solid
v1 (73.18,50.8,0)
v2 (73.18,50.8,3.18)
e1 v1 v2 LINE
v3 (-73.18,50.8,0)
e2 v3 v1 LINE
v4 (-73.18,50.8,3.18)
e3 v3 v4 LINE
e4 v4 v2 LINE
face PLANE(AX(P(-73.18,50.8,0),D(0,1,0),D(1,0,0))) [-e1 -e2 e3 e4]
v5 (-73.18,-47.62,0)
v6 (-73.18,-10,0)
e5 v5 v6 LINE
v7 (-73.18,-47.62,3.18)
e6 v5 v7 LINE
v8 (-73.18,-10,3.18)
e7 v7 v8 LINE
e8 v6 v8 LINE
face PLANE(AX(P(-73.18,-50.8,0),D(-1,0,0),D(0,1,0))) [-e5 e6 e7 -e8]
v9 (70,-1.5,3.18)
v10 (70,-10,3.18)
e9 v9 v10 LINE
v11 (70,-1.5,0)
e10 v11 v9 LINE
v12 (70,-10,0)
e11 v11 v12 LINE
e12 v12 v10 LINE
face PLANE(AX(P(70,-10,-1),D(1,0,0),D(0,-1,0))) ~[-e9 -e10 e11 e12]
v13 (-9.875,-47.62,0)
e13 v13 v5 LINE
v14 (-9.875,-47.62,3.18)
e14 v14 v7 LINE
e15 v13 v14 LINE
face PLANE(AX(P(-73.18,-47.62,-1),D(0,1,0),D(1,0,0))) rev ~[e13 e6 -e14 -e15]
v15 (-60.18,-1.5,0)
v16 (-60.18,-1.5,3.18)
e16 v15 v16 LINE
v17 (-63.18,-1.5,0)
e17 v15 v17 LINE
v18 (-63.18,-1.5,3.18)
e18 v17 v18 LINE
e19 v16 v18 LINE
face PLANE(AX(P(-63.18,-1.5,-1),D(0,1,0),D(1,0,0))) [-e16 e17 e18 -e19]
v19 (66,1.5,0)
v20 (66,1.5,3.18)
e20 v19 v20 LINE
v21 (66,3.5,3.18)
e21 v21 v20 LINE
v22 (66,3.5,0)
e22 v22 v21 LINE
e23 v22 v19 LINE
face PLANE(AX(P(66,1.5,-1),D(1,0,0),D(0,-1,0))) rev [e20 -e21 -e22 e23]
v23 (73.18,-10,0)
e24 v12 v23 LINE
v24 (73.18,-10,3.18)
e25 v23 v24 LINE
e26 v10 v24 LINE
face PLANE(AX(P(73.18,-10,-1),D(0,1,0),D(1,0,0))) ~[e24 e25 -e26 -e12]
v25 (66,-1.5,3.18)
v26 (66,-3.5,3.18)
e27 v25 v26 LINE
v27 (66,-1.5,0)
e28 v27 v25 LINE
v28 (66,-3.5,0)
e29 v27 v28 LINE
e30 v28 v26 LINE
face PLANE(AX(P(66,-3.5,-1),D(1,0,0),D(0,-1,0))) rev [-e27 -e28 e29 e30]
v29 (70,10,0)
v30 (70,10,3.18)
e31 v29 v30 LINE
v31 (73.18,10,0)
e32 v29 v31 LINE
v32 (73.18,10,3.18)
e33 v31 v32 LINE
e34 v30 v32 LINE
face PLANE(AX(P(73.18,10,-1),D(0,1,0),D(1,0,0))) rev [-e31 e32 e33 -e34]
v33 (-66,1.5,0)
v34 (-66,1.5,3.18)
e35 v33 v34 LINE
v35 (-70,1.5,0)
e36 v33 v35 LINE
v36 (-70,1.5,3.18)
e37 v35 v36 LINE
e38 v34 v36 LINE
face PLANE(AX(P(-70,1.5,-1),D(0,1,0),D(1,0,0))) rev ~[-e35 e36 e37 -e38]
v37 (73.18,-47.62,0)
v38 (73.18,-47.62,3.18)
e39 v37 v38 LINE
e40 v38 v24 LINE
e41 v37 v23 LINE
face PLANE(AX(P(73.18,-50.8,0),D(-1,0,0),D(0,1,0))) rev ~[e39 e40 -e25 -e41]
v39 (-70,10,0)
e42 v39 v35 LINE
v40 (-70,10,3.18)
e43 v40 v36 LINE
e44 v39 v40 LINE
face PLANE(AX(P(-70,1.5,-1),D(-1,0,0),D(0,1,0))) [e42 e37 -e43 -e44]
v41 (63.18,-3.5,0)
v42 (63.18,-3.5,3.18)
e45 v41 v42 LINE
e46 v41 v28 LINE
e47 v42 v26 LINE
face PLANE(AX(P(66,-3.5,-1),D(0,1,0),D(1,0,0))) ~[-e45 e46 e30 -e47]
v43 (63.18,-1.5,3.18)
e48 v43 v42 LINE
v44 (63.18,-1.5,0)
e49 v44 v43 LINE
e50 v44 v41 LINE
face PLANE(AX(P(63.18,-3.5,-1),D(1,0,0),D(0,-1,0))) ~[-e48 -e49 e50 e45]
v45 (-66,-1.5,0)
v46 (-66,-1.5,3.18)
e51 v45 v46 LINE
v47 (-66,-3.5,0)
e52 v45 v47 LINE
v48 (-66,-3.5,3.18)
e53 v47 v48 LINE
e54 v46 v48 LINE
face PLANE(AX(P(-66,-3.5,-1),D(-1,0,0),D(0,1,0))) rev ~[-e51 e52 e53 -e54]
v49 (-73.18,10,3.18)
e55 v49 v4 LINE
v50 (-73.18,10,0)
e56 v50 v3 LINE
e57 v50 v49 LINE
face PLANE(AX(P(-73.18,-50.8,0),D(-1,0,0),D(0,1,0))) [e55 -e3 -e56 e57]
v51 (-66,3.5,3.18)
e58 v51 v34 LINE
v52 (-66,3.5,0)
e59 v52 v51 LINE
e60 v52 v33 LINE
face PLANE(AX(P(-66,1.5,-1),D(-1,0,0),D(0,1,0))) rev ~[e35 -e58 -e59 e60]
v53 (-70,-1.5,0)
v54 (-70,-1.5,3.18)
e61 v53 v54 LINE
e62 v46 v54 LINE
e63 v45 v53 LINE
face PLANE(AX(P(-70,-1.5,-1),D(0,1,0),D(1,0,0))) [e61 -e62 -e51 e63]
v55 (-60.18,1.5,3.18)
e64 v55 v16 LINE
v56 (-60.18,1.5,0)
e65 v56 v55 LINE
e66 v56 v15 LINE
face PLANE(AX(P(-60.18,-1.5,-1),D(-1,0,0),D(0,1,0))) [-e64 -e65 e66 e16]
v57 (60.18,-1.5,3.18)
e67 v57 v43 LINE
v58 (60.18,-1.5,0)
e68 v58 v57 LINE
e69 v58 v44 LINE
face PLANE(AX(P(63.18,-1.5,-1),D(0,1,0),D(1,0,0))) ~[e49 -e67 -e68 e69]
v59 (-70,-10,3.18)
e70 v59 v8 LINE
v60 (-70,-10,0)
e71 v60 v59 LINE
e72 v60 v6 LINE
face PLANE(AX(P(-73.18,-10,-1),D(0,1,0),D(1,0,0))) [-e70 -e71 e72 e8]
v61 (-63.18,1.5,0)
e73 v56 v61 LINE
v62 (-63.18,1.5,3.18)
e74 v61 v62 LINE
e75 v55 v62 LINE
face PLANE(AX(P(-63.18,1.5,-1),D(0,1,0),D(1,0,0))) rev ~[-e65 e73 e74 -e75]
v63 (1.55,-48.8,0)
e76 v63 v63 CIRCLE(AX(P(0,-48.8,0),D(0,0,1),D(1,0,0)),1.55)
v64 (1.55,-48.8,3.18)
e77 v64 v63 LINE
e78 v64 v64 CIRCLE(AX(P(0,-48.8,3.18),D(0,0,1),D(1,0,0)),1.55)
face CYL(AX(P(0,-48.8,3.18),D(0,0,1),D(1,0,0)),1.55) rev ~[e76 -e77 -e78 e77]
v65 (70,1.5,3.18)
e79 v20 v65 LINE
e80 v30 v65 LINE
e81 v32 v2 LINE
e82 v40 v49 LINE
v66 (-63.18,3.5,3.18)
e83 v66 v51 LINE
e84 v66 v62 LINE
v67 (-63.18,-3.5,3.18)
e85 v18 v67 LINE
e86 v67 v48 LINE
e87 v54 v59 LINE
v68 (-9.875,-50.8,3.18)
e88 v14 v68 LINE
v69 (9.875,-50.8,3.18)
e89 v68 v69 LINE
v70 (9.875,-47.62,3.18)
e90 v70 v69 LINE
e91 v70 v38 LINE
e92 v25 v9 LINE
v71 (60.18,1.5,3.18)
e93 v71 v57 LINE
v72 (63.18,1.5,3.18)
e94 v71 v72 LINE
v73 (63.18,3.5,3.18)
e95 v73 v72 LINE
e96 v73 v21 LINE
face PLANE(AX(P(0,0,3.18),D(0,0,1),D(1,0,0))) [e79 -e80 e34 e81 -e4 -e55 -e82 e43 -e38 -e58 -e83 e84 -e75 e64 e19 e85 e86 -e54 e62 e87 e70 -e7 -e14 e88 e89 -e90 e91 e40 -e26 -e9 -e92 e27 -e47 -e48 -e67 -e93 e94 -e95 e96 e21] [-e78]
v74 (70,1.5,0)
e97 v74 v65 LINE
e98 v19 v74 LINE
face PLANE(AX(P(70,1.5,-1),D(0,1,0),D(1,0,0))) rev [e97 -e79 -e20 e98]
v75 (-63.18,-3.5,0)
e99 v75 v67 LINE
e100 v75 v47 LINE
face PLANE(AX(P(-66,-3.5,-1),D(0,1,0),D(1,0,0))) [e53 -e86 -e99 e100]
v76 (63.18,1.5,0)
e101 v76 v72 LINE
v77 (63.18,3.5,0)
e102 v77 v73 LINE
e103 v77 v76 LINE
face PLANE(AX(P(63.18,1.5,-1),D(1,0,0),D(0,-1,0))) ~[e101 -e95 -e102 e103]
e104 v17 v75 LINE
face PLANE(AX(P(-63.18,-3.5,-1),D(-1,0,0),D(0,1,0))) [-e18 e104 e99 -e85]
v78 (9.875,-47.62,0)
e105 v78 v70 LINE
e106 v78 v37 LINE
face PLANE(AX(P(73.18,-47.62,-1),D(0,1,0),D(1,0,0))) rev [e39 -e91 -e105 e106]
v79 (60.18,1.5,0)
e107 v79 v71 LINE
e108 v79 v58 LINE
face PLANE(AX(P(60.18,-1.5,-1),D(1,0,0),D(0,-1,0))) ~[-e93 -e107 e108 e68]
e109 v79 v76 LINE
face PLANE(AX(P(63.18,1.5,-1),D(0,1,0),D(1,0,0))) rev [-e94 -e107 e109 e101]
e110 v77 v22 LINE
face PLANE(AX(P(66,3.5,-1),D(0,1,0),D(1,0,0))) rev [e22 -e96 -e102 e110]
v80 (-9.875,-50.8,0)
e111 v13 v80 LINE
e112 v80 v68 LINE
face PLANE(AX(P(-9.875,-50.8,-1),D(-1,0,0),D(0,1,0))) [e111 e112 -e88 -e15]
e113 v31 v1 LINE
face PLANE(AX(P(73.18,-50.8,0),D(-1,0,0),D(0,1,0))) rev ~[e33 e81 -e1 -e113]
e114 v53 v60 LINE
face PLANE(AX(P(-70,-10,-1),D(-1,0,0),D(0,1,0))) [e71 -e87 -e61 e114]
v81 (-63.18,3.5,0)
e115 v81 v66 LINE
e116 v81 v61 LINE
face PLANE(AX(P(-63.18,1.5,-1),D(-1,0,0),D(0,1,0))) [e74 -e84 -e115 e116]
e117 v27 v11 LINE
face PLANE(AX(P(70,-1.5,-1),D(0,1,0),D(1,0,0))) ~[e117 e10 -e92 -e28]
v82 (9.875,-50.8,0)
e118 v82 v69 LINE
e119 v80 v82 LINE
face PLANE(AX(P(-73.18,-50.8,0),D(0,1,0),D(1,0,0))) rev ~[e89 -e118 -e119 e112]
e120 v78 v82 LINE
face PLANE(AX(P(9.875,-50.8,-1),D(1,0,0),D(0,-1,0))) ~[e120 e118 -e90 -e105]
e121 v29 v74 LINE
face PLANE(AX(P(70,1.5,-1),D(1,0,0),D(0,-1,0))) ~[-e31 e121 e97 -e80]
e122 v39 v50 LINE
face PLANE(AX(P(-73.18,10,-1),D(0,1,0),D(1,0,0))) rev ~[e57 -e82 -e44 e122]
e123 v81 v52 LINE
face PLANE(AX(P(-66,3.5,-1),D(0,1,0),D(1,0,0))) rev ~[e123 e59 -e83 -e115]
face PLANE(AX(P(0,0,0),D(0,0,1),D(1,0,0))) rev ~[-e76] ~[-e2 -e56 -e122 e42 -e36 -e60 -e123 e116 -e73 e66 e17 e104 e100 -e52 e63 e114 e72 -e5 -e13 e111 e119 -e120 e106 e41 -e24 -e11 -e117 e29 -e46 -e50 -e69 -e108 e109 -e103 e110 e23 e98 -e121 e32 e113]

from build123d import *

# Parameters (mm, degrees)
SKETCH1_W               = 146.36
SKETCH1_H               = 101.6
BOSS_EXTRUDE1_DEPTH     = 3.18
CUT_EXTRUDE1_START      = -4.18
SKETCH2_W               = 3.18
SKETCH2_H               = 20
SKETCH2_W_2             = 13
SKETCH2_H_2             = 3
SKETCH2_W_3             = 2.82
SKETCH2_H_3             = 7
CUT_EXTRUDE1_DEPTH      = 5.18
CUT_EXTRUDE2_START      = -4.18
SKETCH3_W               = 63.305
SKETCH3_H               = 3.18
CUT_EXTRUDE2_DEPTH      = 5.18
SKETCH4_R               = 1.55
CUT_EXTRUDE3_DEPTH      = 1
CUT_EXTRUDE3_DEPTH_BACK = 4.18


with BuildPart() as part:
    # Sketch1 → Boss-Extrude1 (new body)
    with BuildSketch(Plane.XY):
        Rectangle(SKETCH1_W, SKETCH1_H)
    extrude(amount=BOSS_EXTRUDE1_DEPTH)

    # Sketch2 → Cut-Extrude1 (cut)
    with BuildSketch(Plane.XY.offset(3.18).offset(CUT_EXTRUDE1_START)):
        with Locations((-71.59, 0)):
            Rectangle(SKETCH2_W, SKETCH2_H)
        with Locations((-66.68, 0)):
            Rectangle(SKETCH2_W_2, SKETCH2_H_2)
        with Locations((-64.59, 0)):
            Rectangle(SKETCH2_W_3, SKETCH2_H_3)
    cut_extrude1 = extrude(amount=CUT_EXTRUDE1_DEPTH, mode=Mode.SUBTRACT)

    # Mirror1: Cut-Extrude1 across plane
    add(cut_extrude1.mirror(Plane(origin=(0, 0, 0), x_dir=(0, 0, 1), z_dir=(1, 0, 0))), mode=Mode.SUBTRACT)

    # Sketch3 → Cut-Extrude2 (cut)
    with BuildSketch(Plane.XY.offset(3.18).offset(CUT_EXTRUDE2_START)):
        with Locations((-41.5275, -49.21)):
            Rectangle(SKETCH3_W, SKETCH3_H)
    cut_extrude2 = extrude(amount=CUT_EXTRUDE2_DEPTH, mode=Mode.SUBTRACT)

    # Mirror2: Cut-Extrude2 across plane
    add(cut_extrude2.mirror(Plane(origin=(0, 0, 0), x_dir=(0, 0, 1), z_dir=(1, 0, 0))), mode=Mode.SUBTRACT)

    # Sketch4 → Cut-Extrude3 (cut, two sides)
    with BuildSketch(Plane.XY.offset(3.18)) as cut_extrude3_sk:
        with Locations((0, -48.8)):
            Circle(SKETCH4_R)
    extrude(amount=CUT_EXTRUDE3_DEPTH, mode=Mode.SUBTRACT)
    extrude(cut_extrude3_sk.sketch, amount=-CUT_EXTRUDE3_DEPTH_BACK, mode=Mode.SUBTRACT)


solid = part.part
